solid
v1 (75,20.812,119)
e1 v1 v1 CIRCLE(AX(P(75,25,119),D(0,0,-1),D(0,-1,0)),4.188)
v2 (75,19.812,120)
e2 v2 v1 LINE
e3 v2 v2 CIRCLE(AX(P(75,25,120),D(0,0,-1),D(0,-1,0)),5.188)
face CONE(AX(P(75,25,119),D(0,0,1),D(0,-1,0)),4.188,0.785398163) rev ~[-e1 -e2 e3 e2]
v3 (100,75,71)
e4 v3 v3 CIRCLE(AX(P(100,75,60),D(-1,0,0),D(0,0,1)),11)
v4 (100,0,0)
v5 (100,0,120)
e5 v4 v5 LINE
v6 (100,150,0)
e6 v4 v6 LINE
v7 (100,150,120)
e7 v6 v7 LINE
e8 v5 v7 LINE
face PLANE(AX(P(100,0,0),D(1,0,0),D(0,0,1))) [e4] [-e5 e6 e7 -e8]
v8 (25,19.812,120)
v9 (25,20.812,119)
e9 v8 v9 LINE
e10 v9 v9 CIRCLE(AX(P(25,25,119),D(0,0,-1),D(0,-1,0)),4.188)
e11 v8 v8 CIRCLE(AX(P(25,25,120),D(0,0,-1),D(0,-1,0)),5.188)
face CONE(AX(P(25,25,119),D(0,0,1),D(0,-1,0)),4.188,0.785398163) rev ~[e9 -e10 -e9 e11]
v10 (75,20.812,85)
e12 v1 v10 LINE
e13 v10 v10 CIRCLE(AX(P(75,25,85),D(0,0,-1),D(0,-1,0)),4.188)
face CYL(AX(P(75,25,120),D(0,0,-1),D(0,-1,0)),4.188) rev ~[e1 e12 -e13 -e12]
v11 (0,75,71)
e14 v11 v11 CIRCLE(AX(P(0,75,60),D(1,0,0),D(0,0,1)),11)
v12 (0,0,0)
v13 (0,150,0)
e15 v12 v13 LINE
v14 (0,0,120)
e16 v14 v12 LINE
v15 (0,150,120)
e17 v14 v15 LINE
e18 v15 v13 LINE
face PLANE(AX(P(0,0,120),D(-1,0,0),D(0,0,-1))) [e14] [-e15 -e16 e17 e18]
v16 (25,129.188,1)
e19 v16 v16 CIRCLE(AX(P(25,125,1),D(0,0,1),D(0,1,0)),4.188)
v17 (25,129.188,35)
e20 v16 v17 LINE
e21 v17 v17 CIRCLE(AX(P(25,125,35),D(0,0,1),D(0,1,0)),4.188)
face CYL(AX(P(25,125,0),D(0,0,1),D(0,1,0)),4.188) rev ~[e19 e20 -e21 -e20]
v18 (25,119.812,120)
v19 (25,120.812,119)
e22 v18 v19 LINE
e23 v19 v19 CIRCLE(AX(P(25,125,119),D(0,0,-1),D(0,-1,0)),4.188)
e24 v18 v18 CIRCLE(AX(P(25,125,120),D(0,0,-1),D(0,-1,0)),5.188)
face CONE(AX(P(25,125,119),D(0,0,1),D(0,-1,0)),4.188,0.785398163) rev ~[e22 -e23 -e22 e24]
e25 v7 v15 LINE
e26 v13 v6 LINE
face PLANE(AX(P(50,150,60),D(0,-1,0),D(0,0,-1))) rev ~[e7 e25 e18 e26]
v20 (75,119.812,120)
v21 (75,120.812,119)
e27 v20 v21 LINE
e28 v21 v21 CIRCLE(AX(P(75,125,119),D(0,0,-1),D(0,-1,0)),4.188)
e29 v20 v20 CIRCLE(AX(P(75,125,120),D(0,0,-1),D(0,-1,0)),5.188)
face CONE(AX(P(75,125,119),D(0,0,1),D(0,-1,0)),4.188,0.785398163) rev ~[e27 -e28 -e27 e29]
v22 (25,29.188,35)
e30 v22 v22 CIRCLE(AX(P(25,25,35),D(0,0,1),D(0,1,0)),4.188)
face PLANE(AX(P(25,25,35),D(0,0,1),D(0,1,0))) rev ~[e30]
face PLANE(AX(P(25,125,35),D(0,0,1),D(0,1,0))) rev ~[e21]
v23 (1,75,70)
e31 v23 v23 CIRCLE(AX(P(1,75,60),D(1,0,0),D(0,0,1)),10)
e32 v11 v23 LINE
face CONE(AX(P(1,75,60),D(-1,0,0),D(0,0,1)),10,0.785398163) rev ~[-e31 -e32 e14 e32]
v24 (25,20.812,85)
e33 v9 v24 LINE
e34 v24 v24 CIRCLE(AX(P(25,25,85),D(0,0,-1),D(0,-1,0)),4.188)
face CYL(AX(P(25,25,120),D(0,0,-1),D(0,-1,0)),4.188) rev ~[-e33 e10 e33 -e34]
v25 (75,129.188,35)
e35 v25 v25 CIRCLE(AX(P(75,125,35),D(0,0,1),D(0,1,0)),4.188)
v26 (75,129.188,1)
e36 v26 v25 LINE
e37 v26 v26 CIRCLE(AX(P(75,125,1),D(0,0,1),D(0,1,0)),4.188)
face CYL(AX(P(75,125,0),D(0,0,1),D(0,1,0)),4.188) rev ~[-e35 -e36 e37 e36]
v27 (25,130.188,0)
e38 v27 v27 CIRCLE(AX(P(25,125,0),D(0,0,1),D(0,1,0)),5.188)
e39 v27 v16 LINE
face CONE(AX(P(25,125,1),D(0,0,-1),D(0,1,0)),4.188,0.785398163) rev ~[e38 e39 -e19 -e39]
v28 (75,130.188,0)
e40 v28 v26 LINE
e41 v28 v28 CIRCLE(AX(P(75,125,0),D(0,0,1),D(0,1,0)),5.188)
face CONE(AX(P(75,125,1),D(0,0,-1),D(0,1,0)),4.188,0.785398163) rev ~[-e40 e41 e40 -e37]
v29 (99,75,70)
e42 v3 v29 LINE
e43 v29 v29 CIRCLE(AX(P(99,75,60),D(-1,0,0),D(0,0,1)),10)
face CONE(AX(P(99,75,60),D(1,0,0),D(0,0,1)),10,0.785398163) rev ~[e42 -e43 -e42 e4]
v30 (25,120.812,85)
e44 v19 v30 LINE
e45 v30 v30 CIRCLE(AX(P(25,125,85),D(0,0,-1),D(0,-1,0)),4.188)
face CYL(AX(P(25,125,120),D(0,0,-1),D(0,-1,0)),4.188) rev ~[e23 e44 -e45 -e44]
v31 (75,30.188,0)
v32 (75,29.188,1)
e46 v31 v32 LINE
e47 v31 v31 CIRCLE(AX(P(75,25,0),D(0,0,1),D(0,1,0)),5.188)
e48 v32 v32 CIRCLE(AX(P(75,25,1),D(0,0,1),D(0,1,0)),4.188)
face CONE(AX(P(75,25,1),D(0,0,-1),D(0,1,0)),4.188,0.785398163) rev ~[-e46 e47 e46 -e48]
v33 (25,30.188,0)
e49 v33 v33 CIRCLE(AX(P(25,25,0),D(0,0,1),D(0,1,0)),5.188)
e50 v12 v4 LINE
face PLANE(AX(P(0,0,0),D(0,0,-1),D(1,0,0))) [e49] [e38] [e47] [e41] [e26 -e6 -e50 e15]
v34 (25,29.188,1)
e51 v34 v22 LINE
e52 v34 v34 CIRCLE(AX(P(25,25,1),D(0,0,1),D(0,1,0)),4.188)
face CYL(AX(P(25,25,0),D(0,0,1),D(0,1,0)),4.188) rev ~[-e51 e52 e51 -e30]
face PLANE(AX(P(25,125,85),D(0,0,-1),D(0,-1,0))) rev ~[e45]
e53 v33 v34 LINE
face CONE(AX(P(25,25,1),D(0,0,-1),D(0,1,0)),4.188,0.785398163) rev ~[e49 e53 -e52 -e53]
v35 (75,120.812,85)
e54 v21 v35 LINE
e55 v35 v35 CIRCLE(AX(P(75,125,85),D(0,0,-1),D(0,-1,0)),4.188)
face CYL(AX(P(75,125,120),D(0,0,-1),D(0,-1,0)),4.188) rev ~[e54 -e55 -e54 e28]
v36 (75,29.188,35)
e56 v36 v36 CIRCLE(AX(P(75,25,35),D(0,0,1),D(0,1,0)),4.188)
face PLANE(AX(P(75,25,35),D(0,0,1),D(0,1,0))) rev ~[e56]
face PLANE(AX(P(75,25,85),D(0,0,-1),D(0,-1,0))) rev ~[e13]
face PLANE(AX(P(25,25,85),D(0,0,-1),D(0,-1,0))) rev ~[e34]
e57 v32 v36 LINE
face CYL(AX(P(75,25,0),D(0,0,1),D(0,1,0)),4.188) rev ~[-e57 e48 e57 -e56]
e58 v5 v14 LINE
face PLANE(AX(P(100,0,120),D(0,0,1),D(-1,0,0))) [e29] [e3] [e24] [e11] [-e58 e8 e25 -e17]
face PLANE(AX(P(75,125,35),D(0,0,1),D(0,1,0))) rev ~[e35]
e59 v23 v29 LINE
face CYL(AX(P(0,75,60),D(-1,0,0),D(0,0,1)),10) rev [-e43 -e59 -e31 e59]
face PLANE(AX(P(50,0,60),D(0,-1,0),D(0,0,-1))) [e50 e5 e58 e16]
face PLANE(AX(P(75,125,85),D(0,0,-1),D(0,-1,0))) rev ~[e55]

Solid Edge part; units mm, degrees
sketch "Sketch1" plane through (0, 0, 0) normal (0, -1, 0) x (1, 0, 0)
  line L0 (0, 120) -> (0, 0)
  line L1 (0, 0) -> (100, 0)
  line L2 (100, 0) -> (100, 120)
  line L3 (100, 120) -> (0, 120)
extrude "Protrusion1" add sketch "Sketch1" against normal blind 150
hole "Hole1" at (25, 25, 120) direction (0, 0, -1) diameter 8.376 depth 35 start chamfer 1 start chamfer angle 45
hole "Hole2" at (25, 125, 120) direction (0, 0, -1) diameter 8.376 depth 35 start chamfer 1 start chamfer angle 45
hole "Hole3" at (75, 125, 120) direction (0, 0, -1) diameter 8.376 depth 35 start chamfer 1 start chamfer angle 45
hole "Hole4" at (75, 25, 120) direction (0, 0, -1) diameter 8.376 depth 35 start chamfer 1 start chamfer angle 45
hole "Hole5" at (25, 25, 0) direction (0, 0, 1) diameter 8.376 depth 35 start chamfer 1 start chamfer angle 45
hole "Hole6" at (75, 25, 0) direction (0, 0, 1) diameter 8.376 depth 35 start chamfer 1 start chamfer angle 45
hole "Hole7" at (75, 125, 0) direction (0, 0, 1) diameter 8.376 depth 35 start chamfer 1 start chamfer angle 45
hole "Hole8" at (25, 125, 0) direction (0, 0, 1) diameter 8.376 depth 35 start chamfer 1 start chamfer angle 45
hole "Achsenhalterung_Schubkarr" at (0, 75, 60) direction (1, 0, 0) diameter 20 end through all start chamfer 1 start chamfer angle 45 end chamfer 1 end chamfer angle 45
